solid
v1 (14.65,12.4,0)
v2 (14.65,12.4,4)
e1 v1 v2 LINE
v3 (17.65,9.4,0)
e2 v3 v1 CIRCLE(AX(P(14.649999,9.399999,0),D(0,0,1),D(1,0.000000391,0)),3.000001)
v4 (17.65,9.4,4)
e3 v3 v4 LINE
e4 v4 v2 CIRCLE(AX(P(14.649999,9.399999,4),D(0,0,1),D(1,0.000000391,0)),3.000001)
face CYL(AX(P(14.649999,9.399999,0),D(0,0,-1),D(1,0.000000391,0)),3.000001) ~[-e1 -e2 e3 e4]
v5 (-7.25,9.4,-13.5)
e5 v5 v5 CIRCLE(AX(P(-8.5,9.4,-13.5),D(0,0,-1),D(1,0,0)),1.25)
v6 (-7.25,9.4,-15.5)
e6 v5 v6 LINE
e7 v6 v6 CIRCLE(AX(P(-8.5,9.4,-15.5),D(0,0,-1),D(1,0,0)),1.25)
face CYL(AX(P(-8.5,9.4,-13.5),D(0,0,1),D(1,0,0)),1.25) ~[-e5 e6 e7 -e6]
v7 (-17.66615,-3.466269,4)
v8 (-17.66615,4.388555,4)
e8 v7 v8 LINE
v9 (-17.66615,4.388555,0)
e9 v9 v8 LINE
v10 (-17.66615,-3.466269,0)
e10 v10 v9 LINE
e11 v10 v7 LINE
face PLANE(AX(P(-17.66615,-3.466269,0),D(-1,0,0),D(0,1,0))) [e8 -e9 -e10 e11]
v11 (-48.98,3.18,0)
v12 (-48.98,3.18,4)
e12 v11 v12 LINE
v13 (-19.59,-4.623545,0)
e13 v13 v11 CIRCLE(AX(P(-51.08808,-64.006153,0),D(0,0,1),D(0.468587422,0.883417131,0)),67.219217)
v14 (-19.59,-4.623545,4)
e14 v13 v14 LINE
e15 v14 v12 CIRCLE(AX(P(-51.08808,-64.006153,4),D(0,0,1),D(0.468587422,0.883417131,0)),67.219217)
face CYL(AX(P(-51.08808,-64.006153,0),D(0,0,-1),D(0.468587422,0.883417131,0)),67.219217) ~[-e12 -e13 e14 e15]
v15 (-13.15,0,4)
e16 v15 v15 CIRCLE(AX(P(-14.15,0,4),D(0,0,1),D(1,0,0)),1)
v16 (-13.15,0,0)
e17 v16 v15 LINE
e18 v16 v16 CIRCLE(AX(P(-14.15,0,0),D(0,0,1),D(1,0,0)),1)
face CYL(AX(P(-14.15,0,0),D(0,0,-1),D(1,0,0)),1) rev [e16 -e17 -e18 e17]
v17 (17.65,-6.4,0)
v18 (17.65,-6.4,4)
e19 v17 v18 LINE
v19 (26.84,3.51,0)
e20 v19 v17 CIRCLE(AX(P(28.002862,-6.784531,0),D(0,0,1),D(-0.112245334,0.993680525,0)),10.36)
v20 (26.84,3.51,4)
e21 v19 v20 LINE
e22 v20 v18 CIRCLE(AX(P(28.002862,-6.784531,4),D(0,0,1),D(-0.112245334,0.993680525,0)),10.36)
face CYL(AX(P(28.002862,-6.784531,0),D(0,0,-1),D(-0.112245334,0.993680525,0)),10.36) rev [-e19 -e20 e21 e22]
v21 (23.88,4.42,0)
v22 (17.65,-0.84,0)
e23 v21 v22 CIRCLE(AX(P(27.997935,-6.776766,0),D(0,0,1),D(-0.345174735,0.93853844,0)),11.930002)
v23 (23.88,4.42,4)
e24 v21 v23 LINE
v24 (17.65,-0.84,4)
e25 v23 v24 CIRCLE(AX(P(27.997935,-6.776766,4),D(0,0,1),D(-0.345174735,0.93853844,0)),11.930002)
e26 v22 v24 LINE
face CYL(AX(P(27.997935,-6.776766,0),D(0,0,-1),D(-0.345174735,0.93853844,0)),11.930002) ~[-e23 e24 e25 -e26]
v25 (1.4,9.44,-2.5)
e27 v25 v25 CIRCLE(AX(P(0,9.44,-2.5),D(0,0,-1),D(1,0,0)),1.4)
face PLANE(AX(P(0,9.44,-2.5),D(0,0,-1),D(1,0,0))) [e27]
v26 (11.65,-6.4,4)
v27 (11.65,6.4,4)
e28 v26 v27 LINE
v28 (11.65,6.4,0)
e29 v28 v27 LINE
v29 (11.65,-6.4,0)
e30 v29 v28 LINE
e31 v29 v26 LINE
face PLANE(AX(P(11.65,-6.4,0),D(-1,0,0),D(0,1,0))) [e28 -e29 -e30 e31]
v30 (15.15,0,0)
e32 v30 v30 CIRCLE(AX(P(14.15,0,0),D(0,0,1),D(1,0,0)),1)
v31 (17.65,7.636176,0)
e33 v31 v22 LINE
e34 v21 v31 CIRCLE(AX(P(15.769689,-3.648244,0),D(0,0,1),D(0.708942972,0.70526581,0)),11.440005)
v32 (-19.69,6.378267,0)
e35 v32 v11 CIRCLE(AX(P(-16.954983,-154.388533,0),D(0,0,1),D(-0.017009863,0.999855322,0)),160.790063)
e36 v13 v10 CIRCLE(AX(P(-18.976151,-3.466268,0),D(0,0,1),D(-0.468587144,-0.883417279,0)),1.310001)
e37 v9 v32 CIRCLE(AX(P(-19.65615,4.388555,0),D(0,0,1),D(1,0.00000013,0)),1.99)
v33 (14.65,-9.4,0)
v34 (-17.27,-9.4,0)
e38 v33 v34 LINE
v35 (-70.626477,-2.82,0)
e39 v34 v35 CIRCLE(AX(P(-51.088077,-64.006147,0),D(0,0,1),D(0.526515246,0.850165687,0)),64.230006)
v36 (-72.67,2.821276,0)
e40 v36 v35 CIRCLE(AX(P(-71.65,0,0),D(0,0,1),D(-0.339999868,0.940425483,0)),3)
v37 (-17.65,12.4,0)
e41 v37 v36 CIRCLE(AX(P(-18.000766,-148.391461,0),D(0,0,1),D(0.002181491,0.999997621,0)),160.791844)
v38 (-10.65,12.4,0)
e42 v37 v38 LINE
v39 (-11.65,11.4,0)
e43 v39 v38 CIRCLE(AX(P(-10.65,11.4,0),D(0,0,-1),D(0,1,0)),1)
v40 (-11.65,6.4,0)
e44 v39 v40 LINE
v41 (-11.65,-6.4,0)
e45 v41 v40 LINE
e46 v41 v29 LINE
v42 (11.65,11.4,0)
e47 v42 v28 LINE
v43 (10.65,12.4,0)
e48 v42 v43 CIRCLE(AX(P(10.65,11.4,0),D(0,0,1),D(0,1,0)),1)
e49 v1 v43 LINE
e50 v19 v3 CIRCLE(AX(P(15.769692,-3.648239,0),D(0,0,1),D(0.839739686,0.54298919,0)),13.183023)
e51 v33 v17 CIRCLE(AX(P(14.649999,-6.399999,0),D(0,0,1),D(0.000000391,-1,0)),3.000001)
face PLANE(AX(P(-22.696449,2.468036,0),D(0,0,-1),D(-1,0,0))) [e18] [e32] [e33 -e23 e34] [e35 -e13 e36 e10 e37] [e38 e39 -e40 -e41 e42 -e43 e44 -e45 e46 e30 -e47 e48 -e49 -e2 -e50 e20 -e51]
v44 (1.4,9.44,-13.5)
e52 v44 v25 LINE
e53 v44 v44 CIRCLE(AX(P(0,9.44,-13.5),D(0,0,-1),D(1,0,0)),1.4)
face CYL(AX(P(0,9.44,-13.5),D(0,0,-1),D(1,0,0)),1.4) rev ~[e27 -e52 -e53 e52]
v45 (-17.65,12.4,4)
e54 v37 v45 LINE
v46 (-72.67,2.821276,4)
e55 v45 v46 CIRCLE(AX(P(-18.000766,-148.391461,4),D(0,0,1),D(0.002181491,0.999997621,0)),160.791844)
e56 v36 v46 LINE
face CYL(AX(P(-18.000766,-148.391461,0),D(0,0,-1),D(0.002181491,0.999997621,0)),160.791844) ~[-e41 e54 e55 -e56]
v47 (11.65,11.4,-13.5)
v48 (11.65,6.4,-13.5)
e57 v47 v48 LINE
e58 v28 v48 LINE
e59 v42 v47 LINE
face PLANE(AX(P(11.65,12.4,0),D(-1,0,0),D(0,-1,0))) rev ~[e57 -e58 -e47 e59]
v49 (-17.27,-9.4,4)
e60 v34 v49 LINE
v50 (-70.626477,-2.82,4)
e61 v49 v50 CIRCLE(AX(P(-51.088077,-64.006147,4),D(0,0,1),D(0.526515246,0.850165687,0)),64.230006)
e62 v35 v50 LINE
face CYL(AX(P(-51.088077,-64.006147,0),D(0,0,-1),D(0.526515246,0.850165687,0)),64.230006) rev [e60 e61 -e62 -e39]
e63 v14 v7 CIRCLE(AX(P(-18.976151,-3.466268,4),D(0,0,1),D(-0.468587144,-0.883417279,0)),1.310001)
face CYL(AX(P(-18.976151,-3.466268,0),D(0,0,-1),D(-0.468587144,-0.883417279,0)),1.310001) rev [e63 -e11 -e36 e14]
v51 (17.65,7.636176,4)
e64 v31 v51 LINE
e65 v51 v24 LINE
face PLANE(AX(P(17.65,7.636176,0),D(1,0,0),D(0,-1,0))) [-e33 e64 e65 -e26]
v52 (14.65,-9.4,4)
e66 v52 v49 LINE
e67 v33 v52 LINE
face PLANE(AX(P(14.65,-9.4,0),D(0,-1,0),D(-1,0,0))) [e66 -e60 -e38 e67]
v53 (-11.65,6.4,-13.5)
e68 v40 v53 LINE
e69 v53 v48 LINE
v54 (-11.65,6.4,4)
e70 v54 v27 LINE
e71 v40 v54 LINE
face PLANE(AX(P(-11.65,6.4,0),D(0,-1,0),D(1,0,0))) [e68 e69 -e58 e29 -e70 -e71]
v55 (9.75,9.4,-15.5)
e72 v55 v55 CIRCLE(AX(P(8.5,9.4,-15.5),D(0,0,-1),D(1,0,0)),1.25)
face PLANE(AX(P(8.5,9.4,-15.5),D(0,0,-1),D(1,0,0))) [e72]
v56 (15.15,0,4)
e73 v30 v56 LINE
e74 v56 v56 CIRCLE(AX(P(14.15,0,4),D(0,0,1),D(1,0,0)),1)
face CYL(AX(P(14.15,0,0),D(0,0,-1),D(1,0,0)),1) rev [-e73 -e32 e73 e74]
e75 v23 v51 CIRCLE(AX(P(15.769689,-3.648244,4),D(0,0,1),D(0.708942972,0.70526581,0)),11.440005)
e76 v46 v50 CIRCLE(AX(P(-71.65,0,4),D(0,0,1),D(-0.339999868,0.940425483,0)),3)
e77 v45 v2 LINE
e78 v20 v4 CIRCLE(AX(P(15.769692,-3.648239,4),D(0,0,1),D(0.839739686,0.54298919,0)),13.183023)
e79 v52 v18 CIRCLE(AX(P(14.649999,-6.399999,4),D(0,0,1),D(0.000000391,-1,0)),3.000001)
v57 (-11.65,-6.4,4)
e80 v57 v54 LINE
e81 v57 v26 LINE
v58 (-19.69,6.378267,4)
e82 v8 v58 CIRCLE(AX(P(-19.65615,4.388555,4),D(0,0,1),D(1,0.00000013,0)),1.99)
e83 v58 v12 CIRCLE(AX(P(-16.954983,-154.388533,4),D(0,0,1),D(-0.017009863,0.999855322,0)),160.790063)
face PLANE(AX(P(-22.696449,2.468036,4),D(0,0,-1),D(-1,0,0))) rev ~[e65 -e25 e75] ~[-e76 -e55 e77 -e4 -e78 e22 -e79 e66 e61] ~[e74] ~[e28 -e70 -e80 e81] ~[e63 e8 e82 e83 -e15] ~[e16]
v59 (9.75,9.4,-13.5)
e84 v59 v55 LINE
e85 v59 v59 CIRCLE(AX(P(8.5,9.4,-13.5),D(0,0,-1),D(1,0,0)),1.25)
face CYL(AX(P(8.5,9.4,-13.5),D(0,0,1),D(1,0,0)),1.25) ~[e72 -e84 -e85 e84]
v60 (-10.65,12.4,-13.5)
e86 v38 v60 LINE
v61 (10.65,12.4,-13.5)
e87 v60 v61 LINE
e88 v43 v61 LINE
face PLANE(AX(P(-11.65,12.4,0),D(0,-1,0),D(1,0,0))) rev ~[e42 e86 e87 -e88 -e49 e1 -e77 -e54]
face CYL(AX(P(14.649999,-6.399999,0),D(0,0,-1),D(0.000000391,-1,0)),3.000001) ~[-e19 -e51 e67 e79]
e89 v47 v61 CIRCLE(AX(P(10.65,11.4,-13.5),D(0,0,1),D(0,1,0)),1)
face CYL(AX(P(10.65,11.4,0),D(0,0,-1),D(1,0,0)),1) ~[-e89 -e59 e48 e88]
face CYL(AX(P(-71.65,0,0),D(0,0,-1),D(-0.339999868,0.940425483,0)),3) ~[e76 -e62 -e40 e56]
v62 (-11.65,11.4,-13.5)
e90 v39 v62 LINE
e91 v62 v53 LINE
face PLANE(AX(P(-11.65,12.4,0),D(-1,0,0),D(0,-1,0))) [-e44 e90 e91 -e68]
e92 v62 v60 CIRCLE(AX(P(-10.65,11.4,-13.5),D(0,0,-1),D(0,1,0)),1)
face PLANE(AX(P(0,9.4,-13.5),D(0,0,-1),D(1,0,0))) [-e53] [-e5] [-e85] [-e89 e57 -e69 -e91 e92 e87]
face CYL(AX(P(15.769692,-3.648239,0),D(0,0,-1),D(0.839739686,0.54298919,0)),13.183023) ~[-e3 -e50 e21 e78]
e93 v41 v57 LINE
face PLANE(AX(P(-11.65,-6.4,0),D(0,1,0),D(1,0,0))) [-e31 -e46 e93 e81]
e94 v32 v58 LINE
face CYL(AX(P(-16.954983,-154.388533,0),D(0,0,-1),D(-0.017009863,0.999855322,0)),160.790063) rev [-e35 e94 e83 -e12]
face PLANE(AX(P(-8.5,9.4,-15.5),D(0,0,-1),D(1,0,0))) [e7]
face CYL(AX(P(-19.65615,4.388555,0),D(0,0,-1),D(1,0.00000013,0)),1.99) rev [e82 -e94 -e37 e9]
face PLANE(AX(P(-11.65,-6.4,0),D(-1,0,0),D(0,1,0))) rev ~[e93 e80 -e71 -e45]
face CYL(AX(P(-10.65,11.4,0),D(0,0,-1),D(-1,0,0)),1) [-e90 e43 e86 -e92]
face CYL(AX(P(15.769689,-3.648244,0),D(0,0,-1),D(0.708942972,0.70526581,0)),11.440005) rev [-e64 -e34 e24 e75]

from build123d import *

# Parameters (mm, degrees)
SKETCH_R     = 1
SKETCH_W     = 23.3
SKETCH_H     = 12.8
PAD_DEPTH    = 4
SKETCH001_W  = 23.3
SKETCH001_H  = 6
PAD001_DEPTH = 13.5
SKETCH002_R  = 1.25
PAD002_DEPTH = 2
SKETCH003_R  = 1.4
POCKET_DEPTH = 11
FILLET_R     = 1
FILLET001_R  = 1


with BuildPart() as part:
    # Sketch → Pad (new body)
    with BuildSketch(Plane.XY):
        with BuildLine():
            Line((-17.65, 12.4), (14.65, 12.4))
            ThreePointArc((17.65, 9.4), (16.77132, 11.52132), (14.65, 12.4))
            ThreePointArc((26.84, 3.51), (22.883245, 7.450836), (17.65, 9.4))
            ThreePointArc((26.84, 3.51), (20.406481, 0.259943), (17.65, -6.4))
            ThreePointArc((14.65, -9.4), (16.77132, -8.52132), (17.65, -6.4))
            Line((14.65, -9.4), (-17.27, -9.4))
            ThreePointArc((-17.27, -9.4), (-43.226691, -0.259051), (-70.626477, -2.82))
            ThreePointArc((-72.67, 2.821276), (-74.470639, -1.021762), (-70.626477, -2.82))
            ThreePointArc((-17.65, 12.4), (-45.579054, 10.017677), (-72.67, 2.821276))
        make_face()
        with Locations((-14.15, 0)):
            Circle(SKETCH_R, mode=Mode.SUBTRACT)
        with Locations((14.15, 0)):
            Circle(SKETCH_R, mode=Mode.SUBTRACT)
        Rectangle(SKETCH_W, SKETCH_H, mode=Mode.SUBTRACT)
        with BuildLine():
            Line((17.65, 7.636176), (17.65, -0.84))
            ThreePointArc((23.88, 4.42), (20.301686, 2.338754), (17.65, -0.84))
            ThreePointArc((23.88, 4.42), (21.017458, 6.51712), (17.65, 7.636176))
        make_face(mode=Mode.SUBTRACT)
        with BuildLine():
            Line((-17.66615, -3.466269), (-17.66615, 4.388555))
            ThreePointArc((-17.66615, 4.388555), (-18.261027, 5.807615), (-19.69, 6.378267))
            ThreePointArc((-19.69, 6.378267), (-34.408413, 5.451456), (-48.98, 3.18))
            ThreePointArc((-19.59, -4.623545), (-33.83794, 0.961961), (-48.98, 3.18))
            ThreePointArc((-19.59, -4.623545), (-18.300889, -4.58882), (-17.66615, -3.466269))
        make_face(mode=Mode.SUBTRACT)
    extrude(amount=PAD_DEPTH)

    # Sketch001 (on Face24 of Pad) → Pad001 (join)
    with BuildSketch(Plane(origin=(0, 0, 0), x_dir=(1, 0, 0), z_dir=(0, 0, -1))):
        with Locations((0, -9.4)):
            Rectangle(SKETCH001_W, SKETCH001_H)
    extrude(amount=PAD001_DEPTH)

    # Sketch002 (on Face29 of Pad001) → Pad002 (join)
    with BuildSketch(Plane(origin=(0, 0, -13.5), x_dir=(1, 0, 0), z_dir=(0, 0, -1))):
        with Locations((-8.5, -9.4)):
            Circle(SKETCH002_R)
        with Locations((8.5, -9.4)):
            Circle(SKETCH002_R)
    extrude(amount=PAD002_DEPTH)

    # Sketch003 (on Face29 of Pad002) → Pocket (cut)
    with BuildSketch(Plane(origin=(0, 0, -13.5), x_dir=(1, 0, 0), z_dir=(0, 0, -1))):
        with Locations((0, -9.44)):
            Circle(SKETCH003_R)
    extrude(amount=-POCKET_DEPTH, mode=Mode.SUBTRACT)

    # Fillet
    fillet_edges = [part.edges().sort_by_distance(p)[0] for p in [
        (-11.65, 12.4, -6.75),
    ]]
    fillet(fillet_edges, radius=FILLET_R)

    # Fillet001
    fillet001_edges = [part.edges().sort_by_distance(p)[0] for p in [
        (11.65, 12.4, -6.75),
    ]]
    fillet(fillet001_edges, radius=FILLET001_R)


solid = part.part
